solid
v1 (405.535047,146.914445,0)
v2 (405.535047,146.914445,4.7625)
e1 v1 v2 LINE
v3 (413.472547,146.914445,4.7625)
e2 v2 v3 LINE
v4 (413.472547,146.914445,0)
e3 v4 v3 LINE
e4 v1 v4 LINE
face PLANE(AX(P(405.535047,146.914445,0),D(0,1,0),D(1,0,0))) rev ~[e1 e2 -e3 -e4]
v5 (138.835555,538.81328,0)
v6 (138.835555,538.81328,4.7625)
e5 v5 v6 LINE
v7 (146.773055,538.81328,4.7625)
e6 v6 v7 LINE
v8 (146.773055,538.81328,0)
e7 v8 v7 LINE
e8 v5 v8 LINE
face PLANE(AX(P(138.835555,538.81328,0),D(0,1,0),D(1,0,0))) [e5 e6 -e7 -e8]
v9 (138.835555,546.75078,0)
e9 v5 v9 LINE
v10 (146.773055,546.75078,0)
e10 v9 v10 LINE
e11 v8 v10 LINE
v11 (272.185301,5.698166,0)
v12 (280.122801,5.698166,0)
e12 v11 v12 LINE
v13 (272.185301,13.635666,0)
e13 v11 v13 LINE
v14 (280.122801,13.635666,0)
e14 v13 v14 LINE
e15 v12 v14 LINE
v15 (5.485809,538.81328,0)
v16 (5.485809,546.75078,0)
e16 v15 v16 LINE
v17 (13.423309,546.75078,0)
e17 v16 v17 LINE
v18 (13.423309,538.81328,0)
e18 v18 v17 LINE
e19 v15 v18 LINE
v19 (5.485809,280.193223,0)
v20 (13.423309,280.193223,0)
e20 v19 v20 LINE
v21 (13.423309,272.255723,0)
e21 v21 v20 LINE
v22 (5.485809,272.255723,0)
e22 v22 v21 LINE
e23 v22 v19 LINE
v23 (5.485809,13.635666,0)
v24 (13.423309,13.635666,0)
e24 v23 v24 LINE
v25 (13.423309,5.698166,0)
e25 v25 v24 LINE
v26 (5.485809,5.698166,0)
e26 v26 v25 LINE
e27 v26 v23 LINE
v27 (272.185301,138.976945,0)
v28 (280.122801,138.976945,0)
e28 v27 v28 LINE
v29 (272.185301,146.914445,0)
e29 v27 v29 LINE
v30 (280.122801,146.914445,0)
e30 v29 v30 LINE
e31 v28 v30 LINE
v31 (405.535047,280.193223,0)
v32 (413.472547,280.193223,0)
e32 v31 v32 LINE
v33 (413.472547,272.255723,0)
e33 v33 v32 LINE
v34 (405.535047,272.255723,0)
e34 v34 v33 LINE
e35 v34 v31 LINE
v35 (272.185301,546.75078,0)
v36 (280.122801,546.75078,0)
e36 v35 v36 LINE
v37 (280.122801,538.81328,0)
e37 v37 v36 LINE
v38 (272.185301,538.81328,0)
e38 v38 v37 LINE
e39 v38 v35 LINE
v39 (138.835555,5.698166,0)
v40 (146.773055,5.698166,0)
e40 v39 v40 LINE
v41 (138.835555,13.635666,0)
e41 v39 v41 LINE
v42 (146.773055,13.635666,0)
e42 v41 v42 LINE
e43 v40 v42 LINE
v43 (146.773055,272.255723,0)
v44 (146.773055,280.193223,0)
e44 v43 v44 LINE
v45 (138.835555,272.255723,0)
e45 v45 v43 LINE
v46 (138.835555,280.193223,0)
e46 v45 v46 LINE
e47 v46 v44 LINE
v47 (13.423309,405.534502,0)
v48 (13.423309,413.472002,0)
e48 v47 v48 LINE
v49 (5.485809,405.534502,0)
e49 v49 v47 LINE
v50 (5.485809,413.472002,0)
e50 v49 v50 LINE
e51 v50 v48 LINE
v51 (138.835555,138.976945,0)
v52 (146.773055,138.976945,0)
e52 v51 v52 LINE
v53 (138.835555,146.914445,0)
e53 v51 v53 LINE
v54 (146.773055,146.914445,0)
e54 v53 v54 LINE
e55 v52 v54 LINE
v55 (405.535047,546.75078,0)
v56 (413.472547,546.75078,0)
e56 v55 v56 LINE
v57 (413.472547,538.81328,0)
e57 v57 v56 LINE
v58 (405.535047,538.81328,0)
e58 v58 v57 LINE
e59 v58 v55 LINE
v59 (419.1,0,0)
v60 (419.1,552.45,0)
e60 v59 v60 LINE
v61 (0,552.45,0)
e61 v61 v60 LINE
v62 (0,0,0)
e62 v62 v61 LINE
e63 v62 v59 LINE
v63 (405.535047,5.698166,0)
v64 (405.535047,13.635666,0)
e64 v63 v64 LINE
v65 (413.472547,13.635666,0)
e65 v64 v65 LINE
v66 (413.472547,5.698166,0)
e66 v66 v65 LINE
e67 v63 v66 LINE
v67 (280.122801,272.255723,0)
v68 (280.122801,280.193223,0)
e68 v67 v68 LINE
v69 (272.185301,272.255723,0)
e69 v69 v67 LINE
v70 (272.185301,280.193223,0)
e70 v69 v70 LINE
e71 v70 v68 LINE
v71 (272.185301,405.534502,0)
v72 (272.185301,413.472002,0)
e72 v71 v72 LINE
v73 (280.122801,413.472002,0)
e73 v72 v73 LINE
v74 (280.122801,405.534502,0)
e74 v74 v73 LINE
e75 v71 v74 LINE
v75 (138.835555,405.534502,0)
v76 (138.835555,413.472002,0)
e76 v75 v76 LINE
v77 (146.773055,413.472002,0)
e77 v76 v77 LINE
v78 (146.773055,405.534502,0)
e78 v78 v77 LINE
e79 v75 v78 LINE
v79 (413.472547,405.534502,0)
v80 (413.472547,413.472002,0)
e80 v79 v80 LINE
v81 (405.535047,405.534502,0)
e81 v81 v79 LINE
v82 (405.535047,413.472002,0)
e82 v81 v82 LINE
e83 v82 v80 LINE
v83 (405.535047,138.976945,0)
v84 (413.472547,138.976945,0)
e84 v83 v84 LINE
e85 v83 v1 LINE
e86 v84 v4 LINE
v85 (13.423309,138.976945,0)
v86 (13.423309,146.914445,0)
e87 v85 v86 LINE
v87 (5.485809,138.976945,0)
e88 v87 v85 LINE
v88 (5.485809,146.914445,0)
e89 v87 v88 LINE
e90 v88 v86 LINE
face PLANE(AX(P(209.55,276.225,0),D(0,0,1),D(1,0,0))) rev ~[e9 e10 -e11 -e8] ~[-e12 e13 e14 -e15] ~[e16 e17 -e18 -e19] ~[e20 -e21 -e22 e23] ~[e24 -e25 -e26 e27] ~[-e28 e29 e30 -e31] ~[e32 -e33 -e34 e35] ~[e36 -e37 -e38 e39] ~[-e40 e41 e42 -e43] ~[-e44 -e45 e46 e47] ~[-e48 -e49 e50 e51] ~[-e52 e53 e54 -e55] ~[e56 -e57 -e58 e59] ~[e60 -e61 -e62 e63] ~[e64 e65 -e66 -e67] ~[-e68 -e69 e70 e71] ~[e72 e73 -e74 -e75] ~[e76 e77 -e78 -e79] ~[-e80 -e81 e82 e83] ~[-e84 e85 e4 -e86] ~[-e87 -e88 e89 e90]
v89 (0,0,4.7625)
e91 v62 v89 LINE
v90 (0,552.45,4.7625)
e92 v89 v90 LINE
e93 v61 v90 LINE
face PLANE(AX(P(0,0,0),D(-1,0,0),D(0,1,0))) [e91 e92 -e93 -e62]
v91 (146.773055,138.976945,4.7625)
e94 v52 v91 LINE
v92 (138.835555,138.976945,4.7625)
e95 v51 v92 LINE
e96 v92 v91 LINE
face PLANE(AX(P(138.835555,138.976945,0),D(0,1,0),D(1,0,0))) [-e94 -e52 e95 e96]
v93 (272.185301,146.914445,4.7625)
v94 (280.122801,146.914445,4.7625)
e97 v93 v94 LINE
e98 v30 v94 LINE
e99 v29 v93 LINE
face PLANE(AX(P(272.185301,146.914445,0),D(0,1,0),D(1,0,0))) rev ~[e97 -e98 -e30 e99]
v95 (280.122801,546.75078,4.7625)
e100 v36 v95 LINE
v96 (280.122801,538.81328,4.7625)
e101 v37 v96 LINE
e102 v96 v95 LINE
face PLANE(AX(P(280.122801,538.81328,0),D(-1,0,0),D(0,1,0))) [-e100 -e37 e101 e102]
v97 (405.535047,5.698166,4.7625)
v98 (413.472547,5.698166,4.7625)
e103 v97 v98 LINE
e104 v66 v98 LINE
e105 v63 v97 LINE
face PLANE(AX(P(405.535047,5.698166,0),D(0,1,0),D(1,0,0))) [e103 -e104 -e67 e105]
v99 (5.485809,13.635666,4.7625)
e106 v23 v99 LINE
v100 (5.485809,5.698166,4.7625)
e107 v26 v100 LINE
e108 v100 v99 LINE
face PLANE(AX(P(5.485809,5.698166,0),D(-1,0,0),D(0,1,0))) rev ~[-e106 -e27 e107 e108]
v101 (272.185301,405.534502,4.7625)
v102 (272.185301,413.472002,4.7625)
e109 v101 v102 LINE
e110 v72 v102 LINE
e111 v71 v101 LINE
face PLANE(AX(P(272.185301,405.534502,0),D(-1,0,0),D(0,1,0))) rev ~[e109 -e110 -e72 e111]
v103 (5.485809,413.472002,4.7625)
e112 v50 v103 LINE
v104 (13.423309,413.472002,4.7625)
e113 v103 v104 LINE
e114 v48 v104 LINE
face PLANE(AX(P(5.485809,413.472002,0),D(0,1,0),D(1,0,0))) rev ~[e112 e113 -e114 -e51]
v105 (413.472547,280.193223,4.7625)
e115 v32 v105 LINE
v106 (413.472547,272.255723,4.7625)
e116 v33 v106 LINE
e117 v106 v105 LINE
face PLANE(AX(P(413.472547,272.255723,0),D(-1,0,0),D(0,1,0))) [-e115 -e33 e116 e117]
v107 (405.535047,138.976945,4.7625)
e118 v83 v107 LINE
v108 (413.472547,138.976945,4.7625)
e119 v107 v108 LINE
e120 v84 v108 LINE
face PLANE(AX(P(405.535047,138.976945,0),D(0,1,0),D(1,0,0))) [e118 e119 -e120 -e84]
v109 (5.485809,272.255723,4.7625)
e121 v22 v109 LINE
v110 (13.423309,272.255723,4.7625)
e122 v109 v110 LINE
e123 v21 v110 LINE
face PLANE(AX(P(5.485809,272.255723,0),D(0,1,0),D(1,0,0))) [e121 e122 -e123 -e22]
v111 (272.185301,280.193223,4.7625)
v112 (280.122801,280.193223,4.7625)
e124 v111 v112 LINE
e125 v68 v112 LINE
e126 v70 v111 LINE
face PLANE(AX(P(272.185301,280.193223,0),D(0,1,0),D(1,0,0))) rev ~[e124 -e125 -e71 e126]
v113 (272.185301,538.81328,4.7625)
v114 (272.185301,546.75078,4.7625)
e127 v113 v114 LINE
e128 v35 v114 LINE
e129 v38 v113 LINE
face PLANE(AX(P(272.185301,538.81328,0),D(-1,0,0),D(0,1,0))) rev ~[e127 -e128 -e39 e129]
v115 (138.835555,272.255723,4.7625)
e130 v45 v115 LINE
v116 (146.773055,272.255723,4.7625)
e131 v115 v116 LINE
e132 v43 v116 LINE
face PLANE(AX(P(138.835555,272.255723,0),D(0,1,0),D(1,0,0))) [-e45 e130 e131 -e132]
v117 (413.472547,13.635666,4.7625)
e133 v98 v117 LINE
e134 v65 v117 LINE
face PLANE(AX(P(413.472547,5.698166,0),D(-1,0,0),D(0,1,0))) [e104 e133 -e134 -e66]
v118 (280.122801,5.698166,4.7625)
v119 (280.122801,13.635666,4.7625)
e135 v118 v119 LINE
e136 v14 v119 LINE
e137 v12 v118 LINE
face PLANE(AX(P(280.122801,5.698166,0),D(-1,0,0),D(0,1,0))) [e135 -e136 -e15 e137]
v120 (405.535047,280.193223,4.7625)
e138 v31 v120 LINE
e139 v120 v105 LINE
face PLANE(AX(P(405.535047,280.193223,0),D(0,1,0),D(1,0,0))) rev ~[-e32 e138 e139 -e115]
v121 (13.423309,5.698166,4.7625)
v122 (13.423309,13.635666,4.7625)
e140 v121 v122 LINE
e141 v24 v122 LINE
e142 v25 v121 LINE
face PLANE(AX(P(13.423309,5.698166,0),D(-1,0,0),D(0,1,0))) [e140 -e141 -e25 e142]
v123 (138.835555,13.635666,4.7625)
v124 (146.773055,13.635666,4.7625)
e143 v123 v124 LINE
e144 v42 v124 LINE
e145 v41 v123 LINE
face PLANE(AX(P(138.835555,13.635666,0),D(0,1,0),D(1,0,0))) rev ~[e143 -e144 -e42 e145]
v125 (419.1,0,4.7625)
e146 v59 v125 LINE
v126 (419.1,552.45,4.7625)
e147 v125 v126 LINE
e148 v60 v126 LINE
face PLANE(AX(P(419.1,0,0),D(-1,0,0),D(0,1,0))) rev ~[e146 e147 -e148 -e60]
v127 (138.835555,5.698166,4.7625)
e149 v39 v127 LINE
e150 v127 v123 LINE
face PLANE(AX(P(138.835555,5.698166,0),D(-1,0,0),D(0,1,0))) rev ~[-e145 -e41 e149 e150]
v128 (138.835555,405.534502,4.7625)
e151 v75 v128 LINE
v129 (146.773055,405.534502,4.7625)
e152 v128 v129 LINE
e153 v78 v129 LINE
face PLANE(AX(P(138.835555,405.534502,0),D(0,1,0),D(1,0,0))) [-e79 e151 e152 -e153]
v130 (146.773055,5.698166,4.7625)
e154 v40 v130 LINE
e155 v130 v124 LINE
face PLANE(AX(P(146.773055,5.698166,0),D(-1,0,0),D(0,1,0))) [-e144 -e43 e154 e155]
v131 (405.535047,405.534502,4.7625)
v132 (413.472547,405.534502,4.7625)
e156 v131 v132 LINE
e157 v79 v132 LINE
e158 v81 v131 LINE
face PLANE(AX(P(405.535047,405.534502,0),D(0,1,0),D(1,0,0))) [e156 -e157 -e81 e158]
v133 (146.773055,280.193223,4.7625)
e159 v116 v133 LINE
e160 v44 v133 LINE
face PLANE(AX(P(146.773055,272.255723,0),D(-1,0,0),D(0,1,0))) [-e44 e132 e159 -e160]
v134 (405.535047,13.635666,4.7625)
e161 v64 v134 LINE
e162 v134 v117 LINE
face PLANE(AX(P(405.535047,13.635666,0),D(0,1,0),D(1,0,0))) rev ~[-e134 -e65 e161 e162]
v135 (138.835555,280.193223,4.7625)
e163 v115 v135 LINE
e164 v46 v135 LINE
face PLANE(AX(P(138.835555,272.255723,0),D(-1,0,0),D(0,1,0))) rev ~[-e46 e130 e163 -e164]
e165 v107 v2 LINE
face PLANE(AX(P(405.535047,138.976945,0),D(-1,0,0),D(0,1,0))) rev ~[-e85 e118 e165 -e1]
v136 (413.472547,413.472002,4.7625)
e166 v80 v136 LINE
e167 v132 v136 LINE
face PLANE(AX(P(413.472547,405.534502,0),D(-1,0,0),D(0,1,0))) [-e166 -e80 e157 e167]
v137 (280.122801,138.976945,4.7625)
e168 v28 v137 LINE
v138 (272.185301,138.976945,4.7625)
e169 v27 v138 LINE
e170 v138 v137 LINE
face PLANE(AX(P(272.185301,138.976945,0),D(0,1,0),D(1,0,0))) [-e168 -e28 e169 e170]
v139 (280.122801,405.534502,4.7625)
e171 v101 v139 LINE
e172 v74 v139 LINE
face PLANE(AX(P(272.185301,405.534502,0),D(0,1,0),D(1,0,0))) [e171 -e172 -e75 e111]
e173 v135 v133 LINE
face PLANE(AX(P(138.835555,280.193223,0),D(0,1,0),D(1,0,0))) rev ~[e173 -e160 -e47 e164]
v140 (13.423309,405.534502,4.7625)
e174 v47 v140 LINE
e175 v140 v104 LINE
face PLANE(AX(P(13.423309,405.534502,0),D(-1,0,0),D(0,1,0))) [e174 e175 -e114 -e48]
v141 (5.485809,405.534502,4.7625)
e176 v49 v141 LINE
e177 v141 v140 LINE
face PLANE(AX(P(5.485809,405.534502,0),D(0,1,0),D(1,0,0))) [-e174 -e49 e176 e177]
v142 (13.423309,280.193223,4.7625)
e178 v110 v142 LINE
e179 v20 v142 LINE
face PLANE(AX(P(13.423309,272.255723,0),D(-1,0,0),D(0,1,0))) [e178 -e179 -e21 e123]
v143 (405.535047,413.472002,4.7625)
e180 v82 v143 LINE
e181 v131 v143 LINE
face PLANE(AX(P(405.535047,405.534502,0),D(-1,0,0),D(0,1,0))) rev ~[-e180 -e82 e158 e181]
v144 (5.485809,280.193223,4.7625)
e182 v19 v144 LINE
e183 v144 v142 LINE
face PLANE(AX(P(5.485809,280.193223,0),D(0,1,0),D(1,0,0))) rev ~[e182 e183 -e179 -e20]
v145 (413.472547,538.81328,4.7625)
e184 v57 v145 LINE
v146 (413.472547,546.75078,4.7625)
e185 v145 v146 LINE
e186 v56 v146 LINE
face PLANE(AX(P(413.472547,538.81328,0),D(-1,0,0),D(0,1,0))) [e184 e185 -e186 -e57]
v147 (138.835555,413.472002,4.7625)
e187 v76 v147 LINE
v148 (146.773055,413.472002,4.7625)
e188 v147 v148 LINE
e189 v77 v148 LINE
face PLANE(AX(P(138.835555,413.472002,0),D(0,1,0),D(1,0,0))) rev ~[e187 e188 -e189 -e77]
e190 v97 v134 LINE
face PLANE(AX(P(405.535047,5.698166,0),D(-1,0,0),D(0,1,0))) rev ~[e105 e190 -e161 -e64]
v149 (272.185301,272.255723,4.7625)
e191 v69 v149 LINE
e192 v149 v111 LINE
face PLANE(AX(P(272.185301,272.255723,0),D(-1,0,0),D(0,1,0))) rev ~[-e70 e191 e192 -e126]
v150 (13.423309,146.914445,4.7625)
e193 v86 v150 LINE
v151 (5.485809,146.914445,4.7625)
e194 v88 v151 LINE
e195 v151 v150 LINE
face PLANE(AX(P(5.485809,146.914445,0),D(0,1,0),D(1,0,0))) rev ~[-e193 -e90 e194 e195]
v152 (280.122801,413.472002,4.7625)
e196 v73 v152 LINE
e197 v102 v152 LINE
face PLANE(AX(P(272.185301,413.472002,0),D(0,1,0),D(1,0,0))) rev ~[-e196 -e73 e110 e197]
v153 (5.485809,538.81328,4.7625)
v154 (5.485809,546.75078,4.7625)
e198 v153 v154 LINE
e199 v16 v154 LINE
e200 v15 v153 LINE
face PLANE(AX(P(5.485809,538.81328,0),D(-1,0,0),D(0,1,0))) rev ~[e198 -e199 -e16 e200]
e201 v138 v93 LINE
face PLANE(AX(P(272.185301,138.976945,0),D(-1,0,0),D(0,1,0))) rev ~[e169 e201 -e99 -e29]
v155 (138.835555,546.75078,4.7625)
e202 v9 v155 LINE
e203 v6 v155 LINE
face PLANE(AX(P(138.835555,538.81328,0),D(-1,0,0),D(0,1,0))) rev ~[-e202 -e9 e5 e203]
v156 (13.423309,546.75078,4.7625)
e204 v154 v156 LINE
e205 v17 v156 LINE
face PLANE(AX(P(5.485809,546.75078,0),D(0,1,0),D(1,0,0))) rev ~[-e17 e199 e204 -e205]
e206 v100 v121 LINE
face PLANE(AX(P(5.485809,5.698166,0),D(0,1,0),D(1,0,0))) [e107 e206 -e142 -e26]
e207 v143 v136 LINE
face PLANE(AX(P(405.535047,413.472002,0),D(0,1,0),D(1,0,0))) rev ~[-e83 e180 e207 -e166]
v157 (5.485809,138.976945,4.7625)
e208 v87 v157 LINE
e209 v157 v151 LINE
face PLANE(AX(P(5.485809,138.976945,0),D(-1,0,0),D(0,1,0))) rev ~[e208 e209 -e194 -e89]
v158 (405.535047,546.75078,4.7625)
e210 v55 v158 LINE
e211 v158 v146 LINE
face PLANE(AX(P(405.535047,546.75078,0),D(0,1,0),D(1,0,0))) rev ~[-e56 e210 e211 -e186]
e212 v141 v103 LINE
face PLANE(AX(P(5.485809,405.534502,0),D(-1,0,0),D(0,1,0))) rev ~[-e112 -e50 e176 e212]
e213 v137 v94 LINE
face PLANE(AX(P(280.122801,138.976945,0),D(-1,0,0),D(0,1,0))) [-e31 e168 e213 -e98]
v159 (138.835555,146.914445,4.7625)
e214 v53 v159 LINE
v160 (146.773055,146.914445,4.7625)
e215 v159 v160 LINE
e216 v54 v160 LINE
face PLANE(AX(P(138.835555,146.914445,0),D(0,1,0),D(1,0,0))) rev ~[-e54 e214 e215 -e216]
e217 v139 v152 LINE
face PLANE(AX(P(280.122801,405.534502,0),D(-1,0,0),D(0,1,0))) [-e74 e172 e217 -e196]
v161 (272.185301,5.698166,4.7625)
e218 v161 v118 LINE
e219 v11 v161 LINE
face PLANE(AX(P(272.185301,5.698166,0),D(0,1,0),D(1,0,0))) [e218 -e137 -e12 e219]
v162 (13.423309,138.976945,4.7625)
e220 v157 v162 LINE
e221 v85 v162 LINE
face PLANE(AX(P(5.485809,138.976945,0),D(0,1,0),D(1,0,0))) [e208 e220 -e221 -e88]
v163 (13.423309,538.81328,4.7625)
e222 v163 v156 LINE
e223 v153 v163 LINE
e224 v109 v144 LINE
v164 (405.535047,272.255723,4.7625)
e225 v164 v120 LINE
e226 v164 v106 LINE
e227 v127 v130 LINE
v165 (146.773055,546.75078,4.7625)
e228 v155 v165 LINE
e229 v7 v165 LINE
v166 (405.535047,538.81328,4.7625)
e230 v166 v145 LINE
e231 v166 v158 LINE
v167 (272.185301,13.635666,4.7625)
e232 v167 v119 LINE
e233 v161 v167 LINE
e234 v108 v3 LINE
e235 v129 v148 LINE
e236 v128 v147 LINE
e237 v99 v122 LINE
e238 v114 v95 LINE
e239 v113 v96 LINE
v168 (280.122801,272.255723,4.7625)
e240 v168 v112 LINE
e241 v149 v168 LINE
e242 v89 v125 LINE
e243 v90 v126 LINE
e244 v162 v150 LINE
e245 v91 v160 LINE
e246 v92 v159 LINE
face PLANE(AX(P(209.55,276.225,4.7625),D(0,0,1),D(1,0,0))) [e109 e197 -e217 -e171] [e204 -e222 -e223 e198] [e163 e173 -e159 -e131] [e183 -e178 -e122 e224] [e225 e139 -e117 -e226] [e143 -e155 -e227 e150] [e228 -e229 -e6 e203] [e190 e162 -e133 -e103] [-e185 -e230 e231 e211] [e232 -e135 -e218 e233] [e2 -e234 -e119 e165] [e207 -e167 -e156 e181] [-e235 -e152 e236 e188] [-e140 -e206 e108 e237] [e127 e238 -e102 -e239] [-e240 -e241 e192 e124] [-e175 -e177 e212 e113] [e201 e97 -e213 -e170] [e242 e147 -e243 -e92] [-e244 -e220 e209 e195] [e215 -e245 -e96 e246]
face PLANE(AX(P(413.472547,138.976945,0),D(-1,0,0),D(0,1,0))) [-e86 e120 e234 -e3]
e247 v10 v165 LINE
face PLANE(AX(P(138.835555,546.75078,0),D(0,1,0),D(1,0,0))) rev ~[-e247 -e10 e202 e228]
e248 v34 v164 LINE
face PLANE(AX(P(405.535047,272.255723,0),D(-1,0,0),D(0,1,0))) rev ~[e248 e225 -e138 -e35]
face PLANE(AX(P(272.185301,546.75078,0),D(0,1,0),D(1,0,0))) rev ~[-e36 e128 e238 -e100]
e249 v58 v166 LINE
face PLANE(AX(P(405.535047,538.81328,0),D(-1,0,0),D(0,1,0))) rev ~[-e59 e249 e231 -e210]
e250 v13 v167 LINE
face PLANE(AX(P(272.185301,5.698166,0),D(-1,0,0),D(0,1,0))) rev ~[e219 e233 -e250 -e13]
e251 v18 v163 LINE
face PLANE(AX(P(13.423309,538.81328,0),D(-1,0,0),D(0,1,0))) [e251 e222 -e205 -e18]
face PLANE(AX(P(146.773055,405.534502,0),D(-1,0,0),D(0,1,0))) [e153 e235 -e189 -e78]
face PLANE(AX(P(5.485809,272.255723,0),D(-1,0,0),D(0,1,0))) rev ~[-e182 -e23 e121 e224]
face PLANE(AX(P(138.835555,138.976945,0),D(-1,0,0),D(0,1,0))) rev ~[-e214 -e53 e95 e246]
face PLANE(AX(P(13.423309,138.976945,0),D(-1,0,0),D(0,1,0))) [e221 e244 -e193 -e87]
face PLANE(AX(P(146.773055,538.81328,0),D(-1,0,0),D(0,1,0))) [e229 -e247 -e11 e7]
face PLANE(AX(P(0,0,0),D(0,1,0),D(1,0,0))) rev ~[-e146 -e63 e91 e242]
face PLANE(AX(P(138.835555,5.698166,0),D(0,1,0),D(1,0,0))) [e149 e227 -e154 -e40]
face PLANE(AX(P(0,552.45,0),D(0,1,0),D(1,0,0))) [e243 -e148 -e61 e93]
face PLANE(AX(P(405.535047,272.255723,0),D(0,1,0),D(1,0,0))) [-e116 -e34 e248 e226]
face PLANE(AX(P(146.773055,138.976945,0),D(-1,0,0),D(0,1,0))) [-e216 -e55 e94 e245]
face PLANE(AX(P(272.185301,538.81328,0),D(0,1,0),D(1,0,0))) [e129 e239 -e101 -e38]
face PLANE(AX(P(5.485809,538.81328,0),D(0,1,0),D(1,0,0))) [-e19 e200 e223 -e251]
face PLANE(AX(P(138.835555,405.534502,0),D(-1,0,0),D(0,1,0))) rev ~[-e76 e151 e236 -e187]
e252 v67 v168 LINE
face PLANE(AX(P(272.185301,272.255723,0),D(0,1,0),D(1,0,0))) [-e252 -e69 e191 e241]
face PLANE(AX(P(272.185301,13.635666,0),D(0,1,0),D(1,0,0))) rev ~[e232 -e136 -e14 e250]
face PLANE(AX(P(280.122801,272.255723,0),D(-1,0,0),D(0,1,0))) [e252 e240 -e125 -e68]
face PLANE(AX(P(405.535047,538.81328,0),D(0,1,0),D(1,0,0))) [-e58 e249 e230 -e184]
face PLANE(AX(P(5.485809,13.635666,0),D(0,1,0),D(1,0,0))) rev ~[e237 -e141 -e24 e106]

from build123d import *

# Parameters (mm, degrees)
F0_W     = 419.1
F0_H     = 552.45
F0_W_2   = 7.9375
F0_H_2   = 7.9375
F1_DEPTH = 4.7625


with BuildPart() as f1:
    # F0 (on Top) → F1 (new body)
    with BuildSketch(Plane.XY):
        with Locations((209.55, 276.225)):
            Rectangle(F0_W, F0_H)
        with Locations((9.454559, 9.666916)):
            Rectangle(F0_W_2, F0_H_2, mode=Mode.SUBTRACT)
        with Locations((142.804305, 9.666916)):
            Rectangle(F0_W_2, F0_H_2, mode=Mode.SUBTRACT)
        with Locations((9.454559, 142.945695)):
            Rectangle(F0_W_2, F0_H_2, mode=Mode.SUBTRACT)
        with Locations((9.454559, 276.224473)):
            Rectangle(F0_W_2, F0_H_2, mode=Mode.SUBTRACT)
        with Locations((142.804305, 142.945695)):
            Rectangle(F0_W_2, F0_H_2, mode=Mode.SUBTRACT)
        with Locations((142.804305, 276.224473)):
            Rectangle(F0_W_2, F0_H_2, mode=Mode.SUBTRACT)
        with Locations((276.154051, 9.666916)):
            Rectangle(F0_W_2, F0_H_2, mode=Mode.SUBTRACT)
        with Locations((409.503797, 9.666916)):
            Rectangle(F0_W_2, F0_H_2, mode=Mode.SUBTRACT)
        with Locations((276.154051, 142.945695)):
            Rectangle(F0_W_2, F0_H_2, mode=Mode.SUBTRACT)
        with Locations((276.154051, 276.224473)):
            Rectangle(F0_W_2, F0_H_2, mode=Mode.SUBTRACT)
        with Locations((409.503797, 142.945695)):
            Rectangle(F0_W_2, F0_H_2, mode=Mode.SUBTRACT)
        with Locations((409.503797, 276.224473)):
            Rectangle(F0_W_2, F0_H_2, mode=Mode.SUBTRACT)
        with Locations((9.454559, 409.503252)):
            Rectangle(F0_W_2, F0_H_2, mode=Mode.SUBTRACT)
        with Locations((142.804305, 409.503252)):
            Rectangle(F0_W_2, F0_H_2, mode=Mode.SUBTRACT)
        with Locations((9.454559, 542.78203)):
            Rectangle(F0_W_2, F0_H_2, mode=Mode.SUBTRACT)
        with Locations((142.804305, 542.78203)):
            Rectangle(F0_W_2, F0_H_2, mode=Mode.SUBTRACT)
        with Locations((276.154051, 409.503252)):
            Rectangle(F0_W_2, F0_H_2, mode=Mode.SUBTRACT)
        with Locations((409.503797, 409.503252)):
            Rectangle(F0_W_2, F0_H_2, mode=Mode.SUBTRACT)
        with Locations((276.154051, 542.78203)):
            Rectangle(F0_W_2, F0_H_2, mode=Mode.SUBTRACT)
        with Locations((409.503797, 542.78203)):
            Rectangle(F0_W_2, F0_H_2, mode=Mode.SUBTRACT)
    extrude(amount=F1_DEPTH)


solid = f1.part
